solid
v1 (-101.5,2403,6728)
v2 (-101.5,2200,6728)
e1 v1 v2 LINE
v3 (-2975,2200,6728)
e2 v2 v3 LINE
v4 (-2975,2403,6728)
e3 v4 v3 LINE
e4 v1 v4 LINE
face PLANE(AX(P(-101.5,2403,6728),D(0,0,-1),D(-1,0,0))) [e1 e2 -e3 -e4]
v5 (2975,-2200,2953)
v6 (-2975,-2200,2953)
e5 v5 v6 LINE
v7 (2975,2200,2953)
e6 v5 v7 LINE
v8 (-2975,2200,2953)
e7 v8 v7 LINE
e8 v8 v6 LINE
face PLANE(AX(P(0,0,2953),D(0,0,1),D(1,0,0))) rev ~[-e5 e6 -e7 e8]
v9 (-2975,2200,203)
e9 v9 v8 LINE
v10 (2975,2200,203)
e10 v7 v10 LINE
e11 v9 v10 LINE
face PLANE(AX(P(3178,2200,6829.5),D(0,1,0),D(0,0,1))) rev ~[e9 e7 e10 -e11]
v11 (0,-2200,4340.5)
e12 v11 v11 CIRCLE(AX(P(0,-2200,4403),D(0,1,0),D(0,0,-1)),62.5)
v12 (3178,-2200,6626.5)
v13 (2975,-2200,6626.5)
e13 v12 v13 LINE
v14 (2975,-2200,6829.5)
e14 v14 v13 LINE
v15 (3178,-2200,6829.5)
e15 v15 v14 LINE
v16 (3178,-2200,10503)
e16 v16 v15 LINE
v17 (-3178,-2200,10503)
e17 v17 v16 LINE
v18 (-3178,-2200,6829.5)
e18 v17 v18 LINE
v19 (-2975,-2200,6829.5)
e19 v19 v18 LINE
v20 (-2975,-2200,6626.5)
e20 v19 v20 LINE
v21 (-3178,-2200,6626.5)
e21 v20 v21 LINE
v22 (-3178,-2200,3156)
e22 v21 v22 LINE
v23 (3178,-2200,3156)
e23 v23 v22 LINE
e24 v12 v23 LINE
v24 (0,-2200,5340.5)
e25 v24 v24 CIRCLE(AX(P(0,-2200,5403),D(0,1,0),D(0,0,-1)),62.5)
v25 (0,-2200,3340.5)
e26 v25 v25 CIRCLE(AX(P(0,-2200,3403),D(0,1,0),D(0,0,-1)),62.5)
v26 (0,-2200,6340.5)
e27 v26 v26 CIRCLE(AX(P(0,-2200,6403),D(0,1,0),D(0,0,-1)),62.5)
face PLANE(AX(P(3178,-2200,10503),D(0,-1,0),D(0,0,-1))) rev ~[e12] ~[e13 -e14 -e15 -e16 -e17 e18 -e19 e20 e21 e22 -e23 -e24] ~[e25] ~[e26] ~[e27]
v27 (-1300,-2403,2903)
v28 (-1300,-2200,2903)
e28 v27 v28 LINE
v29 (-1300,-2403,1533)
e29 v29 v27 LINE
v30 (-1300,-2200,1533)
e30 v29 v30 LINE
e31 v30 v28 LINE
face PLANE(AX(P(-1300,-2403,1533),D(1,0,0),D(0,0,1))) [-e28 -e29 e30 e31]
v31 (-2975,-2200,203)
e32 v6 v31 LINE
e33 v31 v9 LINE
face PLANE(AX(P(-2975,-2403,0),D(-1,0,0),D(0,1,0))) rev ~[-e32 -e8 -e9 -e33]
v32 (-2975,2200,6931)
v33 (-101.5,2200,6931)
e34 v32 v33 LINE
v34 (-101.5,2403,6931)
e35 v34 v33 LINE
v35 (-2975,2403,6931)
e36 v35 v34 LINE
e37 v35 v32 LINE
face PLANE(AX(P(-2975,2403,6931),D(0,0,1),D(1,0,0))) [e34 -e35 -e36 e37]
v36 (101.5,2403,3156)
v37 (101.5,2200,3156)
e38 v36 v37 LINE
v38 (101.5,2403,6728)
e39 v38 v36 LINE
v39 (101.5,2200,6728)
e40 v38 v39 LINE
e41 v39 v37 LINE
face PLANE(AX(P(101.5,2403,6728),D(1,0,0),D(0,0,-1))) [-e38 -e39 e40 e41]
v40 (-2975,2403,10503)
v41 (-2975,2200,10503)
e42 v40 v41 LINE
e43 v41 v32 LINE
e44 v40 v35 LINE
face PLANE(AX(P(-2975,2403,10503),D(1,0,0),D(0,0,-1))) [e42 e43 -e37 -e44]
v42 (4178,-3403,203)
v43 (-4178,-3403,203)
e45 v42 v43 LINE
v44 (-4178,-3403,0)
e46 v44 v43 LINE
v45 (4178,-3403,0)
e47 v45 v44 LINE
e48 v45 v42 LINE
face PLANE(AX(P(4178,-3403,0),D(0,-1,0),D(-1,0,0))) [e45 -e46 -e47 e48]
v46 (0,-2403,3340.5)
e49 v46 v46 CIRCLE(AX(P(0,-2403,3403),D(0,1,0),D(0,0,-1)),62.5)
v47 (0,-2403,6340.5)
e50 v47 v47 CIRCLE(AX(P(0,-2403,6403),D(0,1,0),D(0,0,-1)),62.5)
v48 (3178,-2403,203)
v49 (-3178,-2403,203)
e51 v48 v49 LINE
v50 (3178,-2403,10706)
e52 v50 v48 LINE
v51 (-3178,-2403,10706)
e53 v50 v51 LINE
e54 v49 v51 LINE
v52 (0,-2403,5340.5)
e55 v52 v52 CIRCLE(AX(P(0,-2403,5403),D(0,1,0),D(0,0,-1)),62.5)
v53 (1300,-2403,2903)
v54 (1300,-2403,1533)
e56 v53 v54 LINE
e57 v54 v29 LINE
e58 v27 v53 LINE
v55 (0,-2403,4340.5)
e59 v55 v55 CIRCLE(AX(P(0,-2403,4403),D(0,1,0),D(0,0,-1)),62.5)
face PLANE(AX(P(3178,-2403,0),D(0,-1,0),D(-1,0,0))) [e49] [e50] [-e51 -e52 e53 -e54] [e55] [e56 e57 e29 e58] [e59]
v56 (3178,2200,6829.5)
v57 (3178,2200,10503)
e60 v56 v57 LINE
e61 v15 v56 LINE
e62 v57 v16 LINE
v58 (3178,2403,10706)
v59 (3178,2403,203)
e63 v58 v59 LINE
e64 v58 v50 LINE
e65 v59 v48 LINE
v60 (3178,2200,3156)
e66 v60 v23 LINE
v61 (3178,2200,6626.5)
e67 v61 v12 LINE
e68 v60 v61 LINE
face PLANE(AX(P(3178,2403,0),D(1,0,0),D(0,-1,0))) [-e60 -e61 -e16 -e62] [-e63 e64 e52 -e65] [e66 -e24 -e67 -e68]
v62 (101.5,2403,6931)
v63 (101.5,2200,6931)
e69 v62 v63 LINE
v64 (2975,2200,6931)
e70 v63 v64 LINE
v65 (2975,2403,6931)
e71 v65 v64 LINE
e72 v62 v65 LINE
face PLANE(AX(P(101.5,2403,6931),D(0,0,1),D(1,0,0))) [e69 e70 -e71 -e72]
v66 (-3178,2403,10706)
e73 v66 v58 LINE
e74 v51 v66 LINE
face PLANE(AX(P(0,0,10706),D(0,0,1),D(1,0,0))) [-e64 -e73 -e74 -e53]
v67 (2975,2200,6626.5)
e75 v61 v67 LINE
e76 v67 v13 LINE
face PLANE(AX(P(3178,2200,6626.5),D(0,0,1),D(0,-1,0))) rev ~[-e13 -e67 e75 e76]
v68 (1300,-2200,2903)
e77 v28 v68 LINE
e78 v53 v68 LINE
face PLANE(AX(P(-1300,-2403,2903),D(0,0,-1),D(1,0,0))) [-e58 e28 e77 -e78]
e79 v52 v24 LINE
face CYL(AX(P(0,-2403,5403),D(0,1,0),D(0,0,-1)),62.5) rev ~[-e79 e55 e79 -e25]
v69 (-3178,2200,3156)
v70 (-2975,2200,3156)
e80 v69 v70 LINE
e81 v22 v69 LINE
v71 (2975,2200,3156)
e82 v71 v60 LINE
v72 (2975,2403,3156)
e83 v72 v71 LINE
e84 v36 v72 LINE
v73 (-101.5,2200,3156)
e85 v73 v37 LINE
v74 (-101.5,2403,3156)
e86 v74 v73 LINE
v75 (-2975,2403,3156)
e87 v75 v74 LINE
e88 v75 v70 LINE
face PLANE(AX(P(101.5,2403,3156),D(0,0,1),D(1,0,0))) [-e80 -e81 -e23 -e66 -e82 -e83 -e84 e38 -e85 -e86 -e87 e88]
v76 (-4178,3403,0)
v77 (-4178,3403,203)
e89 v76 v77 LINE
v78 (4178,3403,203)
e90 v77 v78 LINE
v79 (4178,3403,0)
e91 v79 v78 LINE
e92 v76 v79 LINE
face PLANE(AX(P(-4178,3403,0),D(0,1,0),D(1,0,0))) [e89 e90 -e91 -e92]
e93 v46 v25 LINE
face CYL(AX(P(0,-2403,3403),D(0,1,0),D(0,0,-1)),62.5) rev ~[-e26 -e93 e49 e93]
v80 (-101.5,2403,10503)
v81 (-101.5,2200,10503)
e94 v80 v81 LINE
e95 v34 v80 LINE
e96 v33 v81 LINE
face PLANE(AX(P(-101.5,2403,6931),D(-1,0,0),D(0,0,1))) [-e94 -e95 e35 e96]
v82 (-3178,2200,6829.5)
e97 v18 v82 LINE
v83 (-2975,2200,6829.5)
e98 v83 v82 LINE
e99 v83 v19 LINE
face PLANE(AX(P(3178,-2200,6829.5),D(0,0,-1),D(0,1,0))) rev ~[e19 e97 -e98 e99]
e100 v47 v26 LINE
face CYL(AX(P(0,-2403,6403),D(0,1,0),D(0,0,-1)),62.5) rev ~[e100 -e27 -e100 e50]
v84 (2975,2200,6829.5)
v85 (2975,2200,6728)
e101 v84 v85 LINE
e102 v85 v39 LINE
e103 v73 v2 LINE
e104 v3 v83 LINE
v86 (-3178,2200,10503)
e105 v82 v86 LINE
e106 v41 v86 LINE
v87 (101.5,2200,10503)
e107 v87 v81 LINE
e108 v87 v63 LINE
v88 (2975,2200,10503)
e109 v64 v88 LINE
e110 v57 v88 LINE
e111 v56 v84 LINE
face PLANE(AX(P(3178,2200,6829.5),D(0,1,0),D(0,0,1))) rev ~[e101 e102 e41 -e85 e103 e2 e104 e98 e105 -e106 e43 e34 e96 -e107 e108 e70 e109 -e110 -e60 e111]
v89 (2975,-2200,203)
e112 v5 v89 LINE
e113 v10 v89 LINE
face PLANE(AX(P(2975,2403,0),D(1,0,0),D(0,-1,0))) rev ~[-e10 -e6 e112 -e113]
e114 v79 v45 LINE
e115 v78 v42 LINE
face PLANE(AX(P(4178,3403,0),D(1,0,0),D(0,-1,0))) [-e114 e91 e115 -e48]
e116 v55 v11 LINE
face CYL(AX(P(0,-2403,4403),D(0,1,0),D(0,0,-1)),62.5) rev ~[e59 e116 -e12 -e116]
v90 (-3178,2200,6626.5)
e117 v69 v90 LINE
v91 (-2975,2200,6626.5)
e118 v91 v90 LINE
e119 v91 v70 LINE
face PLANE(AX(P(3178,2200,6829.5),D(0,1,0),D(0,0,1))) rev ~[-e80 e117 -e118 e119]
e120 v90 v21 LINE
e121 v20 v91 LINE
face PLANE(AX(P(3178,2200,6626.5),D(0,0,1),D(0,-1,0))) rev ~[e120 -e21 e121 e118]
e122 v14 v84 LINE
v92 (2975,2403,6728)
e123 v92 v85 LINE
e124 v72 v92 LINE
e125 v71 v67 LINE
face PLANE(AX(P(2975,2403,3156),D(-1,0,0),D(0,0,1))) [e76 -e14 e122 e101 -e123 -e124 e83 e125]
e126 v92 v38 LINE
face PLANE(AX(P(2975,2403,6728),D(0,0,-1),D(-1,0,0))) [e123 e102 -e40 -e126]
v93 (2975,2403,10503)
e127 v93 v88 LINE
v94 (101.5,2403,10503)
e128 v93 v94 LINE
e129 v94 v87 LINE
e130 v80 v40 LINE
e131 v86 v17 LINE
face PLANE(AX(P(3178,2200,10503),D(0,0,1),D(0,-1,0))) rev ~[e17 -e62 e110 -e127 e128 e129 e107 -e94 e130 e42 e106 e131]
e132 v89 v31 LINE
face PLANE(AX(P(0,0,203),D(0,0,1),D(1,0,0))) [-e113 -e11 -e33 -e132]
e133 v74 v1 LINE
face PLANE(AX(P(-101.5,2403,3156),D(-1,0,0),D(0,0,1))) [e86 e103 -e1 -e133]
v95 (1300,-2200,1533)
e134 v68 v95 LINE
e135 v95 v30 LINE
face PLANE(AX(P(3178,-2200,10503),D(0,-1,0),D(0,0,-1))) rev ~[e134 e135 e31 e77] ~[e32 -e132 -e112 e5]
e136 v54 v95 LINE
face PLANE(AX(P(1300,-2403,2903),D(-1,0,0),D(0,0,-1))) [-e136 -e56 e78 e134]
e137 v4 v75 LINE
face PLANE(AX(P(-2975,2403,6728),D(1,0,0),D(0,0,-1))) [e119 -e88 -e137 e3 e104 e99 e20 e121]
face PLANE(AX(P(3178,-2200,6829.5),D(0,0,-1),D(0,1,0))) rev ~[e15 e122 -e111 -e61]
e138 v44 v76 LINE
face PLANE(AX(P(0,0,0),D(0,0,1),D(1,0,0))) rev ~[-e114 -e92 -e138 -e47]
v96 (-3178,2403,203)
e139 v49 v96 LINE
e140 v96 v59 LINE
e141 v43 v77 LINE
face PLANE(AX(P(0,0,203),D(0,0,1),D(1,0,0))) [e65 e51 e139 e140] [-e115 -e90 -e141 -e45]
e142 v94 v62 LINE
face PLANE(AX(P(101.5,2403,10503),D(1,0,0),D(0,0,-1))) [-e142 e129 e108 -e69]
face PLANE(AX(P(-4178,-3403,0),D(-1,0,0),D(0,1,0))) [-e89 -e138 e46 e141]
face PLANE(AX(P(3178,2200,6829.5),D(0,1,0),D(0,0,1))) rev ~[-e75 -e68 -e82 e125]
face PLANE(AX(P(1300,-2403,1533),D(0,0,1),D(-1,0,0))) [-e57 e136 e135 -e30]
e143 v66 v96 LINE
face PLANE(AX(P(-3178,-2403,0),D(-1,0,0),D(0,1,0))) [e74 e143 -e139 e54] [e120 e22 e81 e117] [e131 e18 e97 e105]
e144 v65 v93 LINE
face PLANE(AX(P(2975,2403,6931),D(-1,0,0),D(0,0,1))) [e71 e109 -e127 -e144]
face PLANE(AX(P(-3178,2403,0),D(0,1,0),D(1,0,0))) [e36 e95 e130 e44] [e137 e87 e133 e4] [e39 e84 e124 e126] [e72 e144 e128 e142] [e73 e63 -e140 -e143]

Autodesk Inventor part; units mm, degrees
ref_plane "YZ Plane" through (0, 0, 0) normal (1, 0, 0) x (0, 1, 0)
ref_plane "XZ Plane" through (0, 0, 0) normal (0, 1, 0) x (-1, 0, 0)
ref_plane "XY Plane" through (0, 0, 0) normal (0, 0, 1) x (1, 0, 0)
sketch "Sketch1" plane through (0, 0, 0) normal (0, 0, 1) x (1, 0, 0)
  line L0 (-4178, 3403) -> (4178, 3403)
  line L1 (4178, 3403) -> (4178, -3403)
  line L2 (4178, -3403) -> (-4178, -3403)
  line L3 (-4178, -3403) -> (-4178, 3403)
  line L4 (-3178, 2403) -> (3178, 2403)
  line L5 (3178, 2403) -> (3178, -2403)
  line L6 (3178, -2403) -> (-3178, -2403)
  line L7 (-3178, -2403) -> (-3178, 2403)
  point P0 (0, 0)
  point P1 (4178, 0)
  point P2 (0, 3403)
  dimension "d0" = 8356
  dimension "d1" = 6806
  dimension "d2" = 1000
  dimension "d3" = 1000
  dimension "d4" = 1000
  dimension "d60" = 1000
extrude "Extrusion7" add sketch "Sketch1" along normal blind 10706 contours L4 L5 L6 L7
shell "Shell1" thickness 203 removed faces 1 at (-1059.3333, 801, 0)
extrude "Extrusion8" add sketch "Sketch1" along normal blind 203 contours L0 L1 L2 L3 | L4 L5 L6 L7
sketch "Sketch5" plane through (3178, -2403, 10706) normal (1, 0, 0) x (0, 0, -1)
  line L0 (10503, 0) -> (10503, 4806) projected
  line L1 (10503, 4806) -> (0, 4806) projected
  line L2 (0, 4806) -> (0, 0) projected
  line L3 (10503, 0) -> (0, 0) projected
  line L4 (203, 203) -> (3876.5, 203)
  line L5 (3876.5, 203) -> (3876.5, 4603)
  line L6 (3876.5, 4603) -> (203, 4603)
  line L7 (203, 4603) -> (203, 203)
  line L8 (4079.5, 203) -> (7753, 203)
  line L9 (7753, 203) -> (7753, 4603)
  line L10 (7753, 4603) -> (4079.5, 4603)
  line L11 (4079.5, 4603) -> (4079.5, 203)
  line L12 (7753, 203) -> (10503, 203)
  line L13 (10503, 203) -> (10503, 4603)
  line L14 (10503, 4603) -> (7753, 4603)
  line L15 (7753, 4603) -> (7753, 203)
  line L16 (203, 4603) -> (203, 203) projected
  point P0 (10706, 2403)
  dimension "d66" = 203
  dimension "d67" = 203
  dimension "d68" = 2750
  dimension "d70" = 10300
  dimension "d71" = 3673.5
  dimension "d72" = 3673.5
  dimension "d73" = 203
  dimension "d115" = 203
extrude "Extrusion9" cut sketch "Sketch5" against normal blind 6356 contours L8 L11 L10 L9 | L7 L6 L5 L4
sketch "Sketch6" plane through (-3178, 2403, 10706) normal (0, 1, 0) x (1, 0, 0)
  line L0 (6356, 10503) -> (0, 10503) projected
  line L1 (0, 10503) -> (0, 0) projected
  line L2 (6356, 10503) -> (6356, 0) projected
  line L3 (6153, 203) -> (3279.5, 203)
  line L4 (3279.5, 203) -> (3279.5, 3775)
  line L5 (3279.5, 3775) -> (6153, 3775)
  line L6 (6153, 3775) -> (6153, 203)
  line L7 (3076.5, 203) -> (203, 203)
  line L8 (203, 203) -> (203, 3775)
  line L9 (203, 3775) -> (3076.5, 3775)
  line L10 (3076.5, 3775) -> (3076.5, 203)
  line L11 (6153, 3978) -> (3279.5, 3978)
  line L12 (3279.5, 3978) -> (3279.5, 7550)
  line L13 (3279.5, 7550) -> (6153, 7550)
  line L14 (6153, 7550) -> (6153, 3978)
  line L15 (3076.5, 3978) -> (203, 3978)
  line L16 (203, 3978) -> (203, 7550)
  line L17 (203, 7550) -> (3076.5, 7550)
  line L18 (3076.5, 7550) -> (3076.5, 3978)
  line L19 (6153, 7550) -> (203, 7550)
  line L20 (203, 7550) -> (203, 10503)
  line L21 (203, 10503) -> (6153, 10503)
  line L22 (6153, 10503) -> (6153, 7550)
  line L23 (203, 10503) -> (6153, 10503) projected
  line L24 (6356, 203) -> (0, 203) projected
  line L25 (0, 0) -> (6356, 0) projected
  point P0 (3178, 10706)
  dimension "d77" = 203
  dimension "d78" = 203
  dimension "d79" = 2953
  dimension "d82" = 5950
  dimension "d83" = 2873.5
  dimension "d84" = 2873.5
  dimension "d85" = 203
  dimension "d86" = 7347
  dimension "d87" = 3572
  dimension "d88" = 3572
  dimension "d110" = 10300
  dimension "d111" = 203
  dimension "d112" = 203
extrude "Extrusion10" cut sketch "Sketch6" against normal blind 203 contours L14 L11 L12 L13 | L3 L4 L5 L6 | L17 L18 L15 L16 | L7 L8 L9 L10
sketch "Sketch7" plane through (-3178, -2403, 10706) normal (0, -1, 0) x (1, 0, 0)
  line L0 (0, -10503) -> (6356, -10503) projected
  line L1 (6356, -10503) -> (6356, 0) projected
  line L2 (0, -10503) -> (0, 0) projected
  line L3 (1878, -7803) -> (4478, -7803)
  line L4 (4478, -7803) -> (4478, -9173)
  line L5 (4478, -9173) -> (1878, -9173)
  line L6 (1878, -9173) -> (1878, -7803)
  line L7 (6153, -203) -> (6153, -3775) projected
  line L8 (203, -3775) -> (203, -203) projected
  point P0 (3178, -10706)
  point P1 (6153, -3775)
  point P2 (3178, -7303)
  point P3 (3178, -6303)
  point P4 (3178, -5303)
  point P5 (3178, -4303)
  dimension "d91" = 1370
  dimension "d92" = 2600
  dimension "d93" = 5950
  dimension "d94" = 1878
  dimension "d95" = 1878
  dimension "d96" = 2700
  dimension "d97" = 500
  dimension "d98" = 1000
  dimension "d99" = 1000
  dimension "d100" = 1000
hole "Hole2" at (0, -2403, 3403) at (0, -2403, 4403) at (0, -2403, 5403) at (0, -2403, 6403) direction (0, 1, 0) diameter 125 depth 203 tip angle 118
extrude "Extrusion11" cut sketch "Sketch7" against normal blind 203
extrude "Extrusion14" add sketch "Sketch1" along normal up to surface (203 mm away) from surface at 2953 contours L4 L5 L6 L7
properties part number "NRCC_Facade"
